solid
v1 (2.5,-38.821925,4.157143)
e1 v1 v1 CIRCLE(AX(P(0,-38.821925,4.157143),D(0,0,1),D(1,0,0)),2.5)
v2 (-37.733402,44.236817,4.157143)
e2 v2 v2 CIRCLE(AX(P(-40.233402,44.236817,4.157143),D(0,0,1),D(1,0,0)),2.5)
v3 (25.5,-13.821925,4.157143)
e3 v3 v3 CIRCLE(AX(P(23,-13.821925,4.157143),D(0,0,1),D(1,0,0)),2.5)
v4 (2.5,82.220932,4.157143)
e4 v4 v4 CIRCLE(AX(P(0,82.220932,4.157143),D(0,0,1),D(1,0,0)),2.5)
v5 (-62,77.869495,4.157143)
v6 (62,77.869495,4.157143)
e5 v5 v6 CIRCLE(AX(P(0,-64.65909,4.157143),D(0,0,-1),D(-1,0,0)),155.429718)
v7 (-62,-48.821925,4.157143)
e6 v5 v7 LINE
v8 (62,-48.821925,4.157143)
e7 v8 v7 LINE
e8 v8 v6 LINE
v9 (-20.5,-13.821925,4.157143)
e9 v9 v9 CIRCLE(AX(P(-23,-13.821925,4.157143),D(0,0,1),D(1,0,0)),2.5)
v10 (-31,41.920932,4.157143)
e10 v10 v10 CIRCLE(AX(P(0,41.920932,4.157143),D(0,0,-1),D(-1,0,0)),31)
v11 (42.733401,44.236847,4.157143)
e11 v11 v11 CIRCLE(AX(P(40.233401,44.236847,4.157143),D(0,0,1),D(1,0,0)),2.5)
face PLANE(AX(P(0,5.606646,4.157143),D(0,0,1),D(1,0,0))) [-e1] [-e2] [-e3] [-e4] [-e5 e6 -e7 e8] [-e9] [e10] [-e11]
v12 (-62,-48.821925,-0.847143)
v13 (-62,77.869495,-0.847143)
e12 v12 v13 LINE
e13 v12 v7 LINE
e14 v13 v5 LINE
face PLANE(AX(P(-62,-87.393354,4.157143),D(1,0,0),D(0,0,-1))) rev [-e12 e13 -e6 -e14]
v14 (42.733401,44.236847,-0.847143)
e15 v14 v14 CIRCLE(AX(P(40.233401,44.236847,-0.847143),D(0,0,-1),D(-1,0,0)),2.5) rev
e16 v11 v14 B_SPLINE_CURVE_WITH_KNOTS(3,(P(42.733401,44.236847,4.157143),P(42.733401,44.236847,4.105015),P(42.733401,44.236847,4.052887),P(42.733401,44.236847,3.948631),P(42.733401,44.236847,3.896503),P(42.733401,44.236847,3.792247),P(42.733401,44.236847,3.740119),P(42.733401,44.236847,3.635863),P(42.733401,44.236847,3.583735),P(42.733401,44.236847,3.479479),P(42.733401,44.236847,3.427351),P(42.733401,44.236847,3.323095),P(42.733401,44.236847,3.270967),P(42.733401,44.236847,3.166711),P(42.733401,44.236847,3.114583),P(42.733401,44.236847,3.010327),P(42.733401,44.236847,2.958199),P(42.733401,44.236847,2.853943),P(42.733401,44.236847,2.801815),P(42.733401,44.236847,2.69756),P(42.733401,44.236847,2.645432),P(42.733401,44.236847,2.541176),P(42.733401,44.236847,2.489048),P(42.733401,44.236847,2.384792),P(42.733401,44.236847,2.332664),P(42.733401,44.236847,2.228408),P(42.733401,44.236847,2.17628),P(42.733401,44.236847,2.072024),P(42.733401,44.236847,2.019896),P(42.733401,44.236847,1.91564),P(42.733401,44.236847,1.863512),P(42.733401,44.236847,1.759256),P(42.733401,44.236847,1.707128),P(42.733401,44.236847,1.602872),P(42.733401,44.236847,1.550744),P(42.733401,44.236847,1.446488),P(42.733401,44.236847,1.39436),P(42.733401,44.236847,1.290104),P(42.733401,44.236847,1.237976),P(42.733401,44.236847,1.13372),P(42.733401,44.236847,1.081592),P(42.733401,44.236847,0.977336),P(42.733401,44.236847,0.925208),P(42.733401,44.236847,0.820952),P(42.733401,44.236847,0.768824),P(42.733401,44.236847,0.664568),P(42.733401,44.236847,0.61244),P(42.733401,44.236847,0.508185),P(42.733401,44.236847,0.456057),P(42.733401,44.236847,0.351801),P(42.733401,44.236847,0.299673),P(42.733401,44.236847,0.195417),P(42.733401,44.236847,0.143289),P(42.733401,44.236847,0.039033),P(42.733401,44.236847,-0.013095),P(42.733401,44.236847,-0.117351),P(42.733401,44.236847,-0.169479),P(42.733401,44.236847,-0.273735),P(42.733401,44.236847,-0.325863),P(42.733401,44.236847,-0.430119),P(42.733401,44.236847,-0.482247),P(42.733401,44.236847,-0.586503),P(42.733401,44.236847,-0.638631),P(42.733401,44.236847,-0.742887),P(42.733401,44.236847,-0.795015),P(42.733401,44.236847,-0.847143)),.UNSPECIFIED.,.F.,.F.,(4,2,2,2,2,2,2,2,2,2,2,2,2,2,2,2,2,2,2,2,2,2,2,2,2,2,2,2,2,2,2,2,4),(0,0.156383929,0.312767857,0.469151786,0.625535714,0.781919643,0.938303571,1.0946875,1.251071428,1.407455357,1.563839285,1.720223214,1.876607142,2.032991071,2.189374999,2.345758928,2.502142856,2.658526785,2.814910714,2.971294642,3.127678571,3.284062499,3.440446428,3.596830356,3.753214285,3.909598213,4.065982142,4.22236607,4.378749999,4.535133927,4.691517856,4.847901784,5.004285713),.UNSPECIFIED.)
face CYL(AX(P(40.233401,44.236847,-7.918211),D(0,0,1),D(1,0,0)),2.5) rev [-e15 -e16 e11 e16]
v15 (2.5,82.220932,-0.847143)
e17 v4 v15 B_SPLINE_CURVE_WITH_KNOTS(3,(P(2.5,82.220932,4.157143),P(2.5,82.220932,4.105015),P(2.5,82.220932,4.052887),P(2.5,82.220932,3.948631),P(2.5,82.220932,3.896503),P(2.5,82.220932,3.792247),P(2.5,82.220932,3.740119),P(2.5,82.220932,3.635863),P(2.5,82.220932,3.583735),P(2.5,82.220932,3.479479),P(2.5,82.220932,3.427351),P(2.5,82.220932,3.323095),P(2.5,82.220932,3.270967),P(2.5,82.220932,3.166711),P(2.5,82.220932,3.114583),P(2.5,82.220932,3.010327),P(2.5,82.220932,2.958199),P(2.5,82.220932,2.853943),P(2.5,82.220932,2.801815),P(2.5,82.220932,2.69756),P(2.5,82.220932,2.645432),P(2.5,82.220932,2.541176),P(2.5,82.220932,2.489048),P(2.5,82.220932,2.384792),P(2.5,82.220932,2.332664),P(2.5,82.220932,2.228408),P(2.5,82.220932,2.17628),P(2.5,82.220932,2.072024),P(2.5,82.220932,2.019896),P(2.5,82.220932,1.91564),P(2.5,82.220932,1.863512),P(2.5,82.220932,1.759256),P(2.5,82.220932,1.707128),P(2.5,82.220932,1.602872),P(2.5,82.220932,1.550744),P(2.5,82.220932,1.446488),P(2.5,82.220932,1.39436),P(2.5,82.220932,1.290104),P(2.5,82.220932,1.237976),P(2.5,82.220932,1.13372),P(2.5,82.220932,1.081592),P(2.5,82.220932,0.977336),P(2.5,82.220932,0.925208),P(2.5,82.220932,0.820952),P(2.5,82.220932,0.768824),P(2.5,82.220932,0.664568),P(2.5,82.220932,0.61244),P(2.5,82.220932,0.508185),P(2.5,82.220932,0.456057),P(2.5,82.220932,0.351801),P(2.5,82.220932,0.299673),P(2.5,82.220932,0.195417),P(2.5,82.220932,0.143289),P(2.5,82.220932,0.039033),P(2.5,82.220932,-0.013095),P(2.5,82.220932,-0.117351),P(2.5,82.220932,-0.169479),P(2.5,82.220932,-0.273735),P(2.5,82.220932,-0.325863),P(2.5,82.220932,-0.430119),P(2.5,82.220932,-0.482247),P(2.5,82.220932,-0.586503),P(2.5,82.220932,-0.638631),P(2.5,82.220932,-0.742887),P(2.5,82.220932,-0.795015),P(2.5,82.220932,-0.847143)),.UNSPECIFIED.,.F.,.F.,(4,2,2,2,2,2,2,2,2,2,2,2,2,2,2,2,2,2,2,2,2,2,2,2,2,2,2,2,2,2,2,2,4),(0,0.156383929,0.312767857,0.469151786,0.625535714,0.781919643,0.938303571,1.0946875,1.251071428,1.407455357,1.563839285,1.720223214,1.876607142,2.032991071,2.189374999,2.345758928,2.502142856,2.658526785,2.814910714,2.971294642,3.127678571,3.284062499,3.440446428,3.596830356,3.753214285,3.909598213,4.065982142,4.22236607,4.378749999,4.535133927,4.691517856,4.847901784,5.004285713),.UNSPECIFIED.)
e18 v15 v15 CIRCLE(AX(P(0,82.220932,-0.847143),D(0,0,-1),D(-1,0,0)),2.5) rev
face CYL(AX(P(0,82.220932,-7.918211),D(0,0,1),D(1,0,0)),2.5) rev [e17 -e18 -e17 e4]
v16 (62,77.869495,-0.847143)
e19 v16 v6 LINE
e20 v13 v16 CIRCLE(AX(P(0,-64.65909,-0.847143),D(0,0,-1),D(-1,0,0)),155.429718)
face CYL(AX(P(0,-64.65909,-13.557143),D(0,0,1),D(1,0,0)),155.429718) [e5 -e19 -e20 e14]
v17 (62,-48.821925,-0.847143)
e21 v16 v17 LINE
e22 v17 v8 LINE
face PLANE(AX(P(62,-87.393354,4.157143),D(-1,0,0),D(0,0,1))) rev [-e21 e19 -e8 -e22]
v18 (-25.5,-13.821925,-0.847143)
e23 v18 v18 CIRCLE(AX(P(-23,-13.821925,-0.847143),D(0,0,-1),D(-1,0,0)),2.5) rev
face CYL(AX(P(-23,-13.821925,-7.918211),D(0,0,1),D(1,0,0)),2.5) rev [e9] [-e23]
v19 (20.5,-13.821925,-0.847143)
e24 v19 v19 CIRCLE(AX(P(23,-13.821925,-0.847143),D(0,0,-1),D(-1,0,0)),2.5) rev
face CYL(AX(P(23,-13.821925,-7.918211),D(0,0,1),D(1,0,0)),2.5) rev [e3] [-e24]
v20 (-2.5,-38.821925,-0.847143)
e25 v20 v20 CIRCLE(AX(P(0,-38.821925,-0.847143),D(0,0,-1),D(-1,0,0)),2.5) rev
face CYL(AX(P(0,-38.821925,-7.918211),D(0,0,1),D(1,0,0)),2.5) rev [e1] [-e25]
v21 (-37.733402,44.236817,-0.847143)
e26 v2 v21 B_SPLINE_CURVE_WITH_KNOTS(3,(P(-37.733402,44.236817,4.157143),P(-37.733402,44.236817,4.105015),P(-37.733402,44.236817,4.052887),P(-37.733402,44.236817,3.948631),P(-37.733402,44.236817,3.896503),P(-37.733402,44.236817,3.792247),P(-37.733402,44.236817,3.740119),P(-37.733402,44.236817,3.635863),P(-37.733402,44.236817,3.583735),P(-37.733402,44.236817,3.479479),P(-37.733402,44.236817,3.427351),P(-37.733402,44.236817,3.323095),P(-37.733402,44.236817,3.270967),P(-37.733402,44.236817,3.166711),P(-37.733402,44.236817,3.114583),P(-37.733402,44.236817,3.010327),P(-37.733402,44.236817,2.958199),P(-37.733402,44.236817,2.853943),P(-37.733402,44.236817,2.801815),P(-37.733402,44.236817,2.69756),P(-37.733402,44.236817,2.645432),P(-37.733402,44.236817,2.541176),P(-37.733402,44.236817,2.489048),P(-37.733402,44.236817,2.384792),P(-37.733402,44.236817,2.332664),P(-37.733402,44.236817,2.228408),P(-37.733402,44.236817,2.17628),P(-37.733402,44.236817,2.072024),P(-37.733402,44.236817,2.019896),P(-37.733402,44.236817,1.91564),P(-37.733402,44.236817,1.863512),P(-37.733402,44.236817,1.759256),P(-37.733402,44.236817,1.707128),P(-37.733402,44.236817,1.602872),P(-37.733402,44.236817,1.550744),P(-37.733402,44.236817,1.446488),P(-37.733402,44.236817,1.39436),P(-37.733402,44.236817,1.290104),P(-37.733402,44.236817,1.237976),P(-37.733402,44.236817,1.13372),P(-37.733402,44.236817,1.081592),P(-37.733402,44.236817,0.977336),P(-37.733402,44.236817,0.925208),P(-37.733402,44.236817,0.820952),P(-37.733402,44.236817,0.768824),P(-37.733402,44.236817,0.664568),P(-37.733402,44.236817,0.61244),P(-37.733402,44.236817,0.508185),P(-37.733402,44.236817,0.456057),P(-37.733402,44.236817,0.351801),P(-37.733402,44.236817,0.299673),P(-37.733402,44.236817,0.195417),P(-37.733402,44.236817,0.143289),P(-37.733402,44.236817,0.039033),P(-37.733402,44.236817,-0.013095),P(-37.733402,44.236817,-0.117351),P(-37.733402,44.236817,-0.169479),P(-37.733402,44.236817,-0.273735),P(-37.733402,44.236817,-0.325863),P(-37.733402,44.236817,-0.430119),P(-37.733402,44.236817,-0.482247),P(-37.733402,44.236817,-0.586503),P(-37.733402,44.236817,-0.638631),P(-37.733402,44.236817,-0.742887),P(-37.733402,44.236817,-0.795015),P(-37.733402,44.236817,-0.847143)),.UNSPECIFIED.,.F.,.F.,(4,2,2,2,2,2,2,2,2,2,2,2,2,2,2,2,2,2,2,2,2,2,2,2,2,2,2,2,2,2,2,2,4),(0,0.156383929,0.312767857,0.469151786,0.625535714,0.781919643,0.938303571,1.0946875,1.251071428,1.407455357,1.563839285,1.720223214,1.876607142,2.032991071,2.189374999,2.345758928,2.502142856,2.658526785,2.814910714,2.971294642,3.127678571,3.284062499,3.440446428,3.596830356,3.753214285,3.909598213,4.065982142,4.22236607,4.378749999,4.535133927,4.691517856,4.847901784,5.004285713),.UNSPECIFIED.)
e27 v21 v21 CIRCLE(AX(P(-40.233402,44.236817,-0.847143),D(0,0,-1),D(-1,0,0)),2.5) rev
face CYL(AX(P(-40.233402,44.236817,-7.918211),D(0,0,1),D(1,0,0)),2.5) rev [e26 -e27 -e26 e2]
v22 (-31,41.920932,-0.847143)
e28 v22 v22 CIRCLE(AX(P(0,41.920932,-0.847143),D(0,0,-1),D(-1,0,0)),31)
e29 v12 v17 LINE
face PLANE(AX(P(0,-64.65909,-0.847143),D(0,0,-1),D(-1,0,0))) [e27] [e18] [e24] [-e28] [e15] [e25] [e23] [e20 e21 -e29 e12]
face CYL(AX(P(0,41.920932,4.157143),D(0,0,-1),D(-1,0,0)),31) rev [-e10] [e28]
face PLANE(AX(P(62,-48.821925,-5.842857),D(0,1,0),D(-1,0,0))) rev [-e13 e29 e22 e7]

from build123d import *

# Parameters (mm, degrees)
SKETCH1_W           = 70
SKETCH1_H           = 105
BOSS_EXTRUDE1_DEPTH = 3
SKETCH2_R           = 17.5
CUT_EXTRUDE3_DEPTH  = 3
CUT_EXTRUDE6_DEPTH  = 10
SCALE1_SCALE        = 1.771428571
SKETCH6_R           = 30.999999993
CUT_EXTRUDE7_DEPTH  = 0.31
SKETCH7_W           = 123.99999997
SKETCH7_H           = 38.57142855
CUT_EXTRUDE8_DEPTH  = 10
SKETCH9_R           = 2.5
CUT_EXTRUDE9_DEPTH  = 5.004285713
SKETCH10_R          = 2.5
CUT_EXTRUDE10_DEPTH = 5.004285713


with BuildPart() as part:
    # Sketch1 → Boss-Extrude1 (new body)
    with BuildSketch(Plane.XY):
        Rectangle(SKETCH1_W, SKETCH1_H)
    extrude(amount=BOSS_EXTRUDE1_DEPTH)

    # Sketch2 → Cut-Extrude3 (cut)
    with BuildSketch(Plane(origin=(0, 0, 0), x_dir=(-1, 0, 0), z_dir=(0, 0, -1))):
        with Locations((0, 20.5)):
            Circle(SKETCH2_R)
    extrude(amount=-CUT_EXTRUDE3_DEPTH, mode=Mode.SUBTRACT)

    # Sketch5 → Cut-Extrude6 (cut)
    with BuildSketch(Plane.XY.offset(3)):
        with BuildLine():
            Line((-35, 40.793543502), (-35, 52.5))
            Line((-35, 52.5), (35, 52.5))
            Line((35, 52.5), (35, 40.793543502))
            ThreePointArc((35, 40.793543502), (0, 48.07644174), (-35, 40.793543502))
        make_face()
    extrude(amount=-CUT_EXTRUDE6_DEPTH, mode=Mode.SUBTRACT)


with BuildPart() as part_1:
    # Scale1: scaled about (0, -7.267874882, 1.5)
    add(part.part.scale(SCALE1_SCALE).moved(Location((0, 5.606646334, -1.157142856))))

    # Sketch6 → Cut-Extrude7 (cut)
    with BuildSketch(Plane(origin=(0, 0, -1.157142856), x_dir=(-1, 0, 0), z_dir=(0, 0, -1))):
        with BuildLine():
            Line((61.999999985, -87.393353643), (61.999999985, 77.869494806))
            ThreePointArc((61.999999985, 77.869494806), (0, 90.770628825), (-61.999999985, 77.869494806))
            Line((-61.999999985, 77.869494806), (-61.999999985, -87.393353643))
            Line((-61.999999985, -87.393353643), (61.999999985, -87.393353643))
        make_face()
        with Locations((0, 41.92093204)):
            Circle(SKETCH6_R, mode=Mode.SUBTRACT)
    extrude(amount=-CUT_EXTRUDE7_DEPTH, mode=Mode.SUBTRACT)

    # Sketch7 → Cut-Extrude8 (cut)
    with BuildSketch(Plane.XY.offset(4.157142857)):
        with Locations((0, -68.107639368)):
            Rectangle(SKETCH7_W, SKETCH7_H)
    extrude(amount=-CUT_EXTRUDE8_DEPTH, mode=Mode.SUBTRACT)

    # Sketch9 → Cut-Extrude9 (cut)
    with BuildSketch(Plane.XY.offset(4.157142857)):
        with Locations((23, -13.821925093)):
            Circle(SKETCH9_R)
        with Locations((-23, -13.821925093)):
            Circle(SKETCH9_R)
        with Locations((0, -38.821925093)):
            Circle(SKETCH9_R)
    extrude(amount=-CUT_EXTRUDE9_DEPTH, mode=Mode.SUBTRACT)

    # Sketch10 → Cut-Extrude10 (cut)
    with BuildSketch(Plane.XY.offset(4.157142857)):
        with Locations((-40.233402491, 44.236817184)):
            Circle(SKETCH10_R)
        with Locations((0, 82.22093204)):
            Circle(SKETCH10_R)
        with Locations((40.233400771, 44.236847056)):
            Circle(SKETCH10_R)
    extrude(amount=-CUT_EXTRUDE10_DEPTH, mode=Mode.SUBTRACT)


solid = part_1.part
